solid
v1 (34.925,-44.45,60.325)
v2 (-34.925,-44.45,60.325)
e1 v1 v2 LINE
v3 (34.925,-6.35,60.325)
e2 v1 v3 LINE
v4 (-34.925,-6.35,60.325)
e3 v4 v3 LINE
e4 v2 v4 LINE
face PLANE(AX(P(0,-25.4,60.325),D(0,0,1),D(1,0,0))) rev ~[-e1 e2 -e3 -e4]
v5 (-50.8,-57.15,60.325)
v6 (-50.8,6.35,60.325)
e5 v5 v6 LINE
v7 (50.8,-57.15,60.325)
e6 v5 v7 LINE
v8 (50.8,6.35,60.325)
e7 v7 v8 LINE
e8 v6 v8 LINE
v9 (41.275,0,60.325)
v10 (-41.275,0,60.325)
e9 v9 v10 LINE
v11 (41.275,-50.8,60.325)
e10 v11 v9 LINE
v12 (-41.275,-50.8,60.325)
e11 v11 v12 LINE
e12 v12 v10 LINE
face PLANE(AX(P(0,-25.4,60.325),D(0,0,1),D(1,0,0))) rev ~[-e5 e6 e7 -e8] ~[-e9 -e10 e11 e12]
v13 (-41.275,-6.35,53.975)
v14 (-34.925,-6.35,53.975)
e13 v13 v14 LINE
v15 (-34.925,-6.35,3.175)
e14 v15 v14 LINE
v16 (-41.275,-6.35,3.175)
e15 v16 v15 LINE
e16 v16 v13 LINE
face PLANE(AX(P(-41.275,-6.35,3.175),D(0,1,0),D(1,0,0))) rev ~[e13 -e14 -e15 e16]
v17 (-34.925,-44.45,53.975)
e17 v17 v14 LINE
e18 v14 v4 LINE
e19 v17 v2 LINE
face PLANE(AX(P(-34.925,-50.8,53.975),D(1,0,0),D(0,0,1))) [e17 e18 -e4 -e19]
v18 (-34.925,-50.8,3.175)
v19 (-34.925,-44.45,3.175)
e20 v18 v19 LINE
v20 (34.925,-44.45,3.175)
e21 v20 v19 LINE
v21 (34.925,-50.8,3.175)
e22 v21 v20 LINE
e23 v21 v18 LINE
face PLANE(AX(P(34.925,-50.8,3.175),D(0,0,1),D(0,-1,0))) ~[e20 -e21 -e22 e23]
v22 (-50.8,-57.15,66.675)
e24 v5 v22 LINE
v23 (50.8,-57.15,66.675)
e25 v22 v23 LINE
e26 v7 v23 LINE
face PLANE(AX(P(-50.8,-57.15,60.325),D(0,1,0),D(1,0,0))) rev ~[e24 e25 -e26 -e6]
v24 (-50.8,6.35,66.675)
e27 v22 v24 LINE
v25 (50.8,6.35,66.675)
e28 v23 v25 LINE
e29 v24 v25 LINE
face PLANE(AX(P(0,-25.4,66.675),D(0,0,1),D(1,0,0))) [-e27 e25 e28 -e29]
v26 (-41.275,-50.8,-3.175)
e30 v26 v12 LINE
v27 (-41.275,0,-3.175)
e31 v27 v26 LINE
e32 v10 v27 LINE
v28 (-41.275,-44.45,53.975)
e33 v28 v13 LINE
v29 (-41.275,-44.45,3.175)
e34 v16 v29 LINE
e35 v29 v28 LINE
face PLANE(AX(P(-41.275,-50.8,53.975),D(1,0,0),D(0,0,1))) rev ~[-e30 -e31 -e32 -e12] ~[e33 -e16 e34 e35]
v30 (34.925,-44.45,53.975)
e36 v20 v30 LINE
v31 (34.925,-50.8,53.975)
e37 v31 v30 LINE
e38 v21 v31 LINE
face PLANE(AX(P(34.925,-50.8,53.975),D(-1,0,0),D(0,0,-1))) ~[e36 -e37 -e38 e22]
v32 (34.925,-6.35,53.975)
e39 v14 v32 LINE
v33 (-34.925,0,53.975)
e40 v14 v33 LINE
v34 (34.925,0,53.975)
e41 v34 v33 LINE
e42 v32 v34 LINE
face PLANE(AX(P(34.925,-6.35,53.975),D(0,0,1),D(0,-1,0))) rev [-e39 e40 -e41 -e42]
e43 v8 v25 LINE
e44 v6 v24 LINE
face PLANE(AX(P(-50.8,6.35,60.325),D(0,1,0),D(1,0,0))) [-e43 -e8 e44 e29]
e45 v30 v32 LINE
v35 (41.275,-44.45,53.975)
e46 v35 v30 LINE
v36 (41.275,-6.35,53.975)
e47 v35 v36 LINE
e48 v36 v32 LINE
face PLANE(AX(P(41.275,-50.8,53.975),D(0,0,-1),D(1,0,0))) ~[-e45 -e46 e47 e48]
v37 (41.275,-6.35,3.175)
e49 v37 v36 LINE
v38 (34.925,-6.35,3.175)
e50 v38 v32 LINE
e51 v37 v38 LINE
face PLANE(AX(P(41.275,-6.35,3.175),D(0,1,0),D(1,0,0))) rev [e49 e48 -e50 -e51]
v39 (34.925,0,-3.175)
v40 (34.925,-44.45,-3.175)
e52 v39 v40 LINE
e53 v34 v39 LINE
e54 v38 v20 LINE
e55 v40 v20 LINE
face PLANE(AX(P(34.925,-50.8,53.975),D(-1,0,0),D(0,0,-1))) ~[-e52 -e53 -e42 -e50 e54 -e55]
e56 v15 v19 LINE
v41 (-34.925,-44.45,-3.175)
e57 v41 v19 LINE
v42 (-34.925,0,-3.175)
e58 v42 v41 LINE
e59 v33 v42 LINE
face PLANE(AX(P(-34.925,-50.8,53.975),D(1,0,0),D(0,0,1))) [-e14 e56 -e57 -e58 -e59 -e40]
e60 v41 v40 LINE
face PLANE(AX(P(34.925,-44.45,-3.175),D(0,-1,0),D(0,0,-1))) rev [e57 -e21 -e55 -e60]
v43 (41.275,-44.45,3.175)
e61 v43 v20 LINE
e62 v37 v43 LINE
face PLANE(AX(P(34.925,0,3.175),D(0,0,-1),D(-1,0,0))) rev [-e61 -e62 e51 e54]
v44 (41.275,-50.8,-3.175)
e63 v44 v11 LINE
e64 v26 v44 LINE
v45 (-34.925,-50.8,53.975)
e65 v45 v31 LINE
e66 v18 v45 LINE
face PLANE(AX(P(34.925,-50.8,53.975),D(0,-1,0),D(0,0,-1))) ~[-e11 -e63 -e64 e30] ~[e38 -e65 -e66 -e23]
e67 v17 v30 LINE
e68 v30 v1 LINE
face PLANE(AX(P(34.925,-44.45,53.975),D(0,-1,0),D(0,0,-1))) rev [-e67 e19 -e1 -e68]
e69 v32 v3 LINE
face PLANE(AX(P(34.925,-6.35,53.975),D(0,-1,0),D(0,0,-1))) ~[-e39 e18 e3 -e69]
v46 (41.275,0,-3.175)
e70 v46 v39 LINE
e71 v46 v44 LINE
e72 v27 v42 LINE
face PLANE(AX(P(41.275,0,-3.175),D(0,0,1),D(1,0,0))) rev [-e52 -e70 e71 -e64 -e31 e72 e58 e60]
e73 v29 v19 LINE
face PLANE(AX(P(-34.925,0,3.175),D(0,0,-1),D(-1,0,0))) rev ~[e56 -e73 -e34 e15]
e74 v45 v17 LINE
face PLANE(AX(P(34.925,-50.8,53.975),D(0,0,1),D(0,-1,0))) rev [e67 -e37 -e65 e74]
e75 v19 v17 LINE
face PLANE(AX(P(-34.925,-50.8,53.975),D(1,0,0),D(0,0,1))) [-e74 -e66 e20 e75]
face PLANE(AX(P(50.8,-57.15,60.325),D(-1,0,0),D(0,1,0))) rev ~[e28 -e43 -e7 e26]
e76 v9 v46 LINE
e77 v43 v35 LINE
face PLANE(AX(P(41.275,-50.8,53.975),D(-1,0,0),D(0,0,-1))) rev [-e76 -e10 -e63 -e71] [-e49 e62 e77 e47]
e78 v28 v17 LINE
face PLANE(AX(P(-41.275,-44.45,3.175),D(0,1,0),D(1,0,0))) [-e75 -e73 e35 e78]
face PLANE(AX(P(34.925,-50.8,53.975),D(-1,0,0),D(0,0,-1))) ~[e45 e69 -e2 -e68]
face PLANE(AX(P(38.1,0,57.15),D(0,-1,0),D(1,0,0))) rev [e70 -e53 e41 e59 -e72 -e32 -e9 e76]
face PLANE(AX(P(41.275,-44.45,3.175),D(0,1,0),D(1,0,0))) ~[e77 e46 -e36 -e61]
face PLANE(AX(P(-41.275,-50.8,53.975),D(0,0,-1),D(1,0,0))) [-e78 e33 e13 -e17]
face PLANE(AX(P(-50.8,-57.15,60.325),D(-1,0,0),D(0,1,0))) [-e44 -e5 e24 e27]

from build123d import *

# Parameters (mm, degrees)
F1_DEPTH  = 50.8
F2_W      = 6.35
F2_H      = 6.35
F3_DEPTH  = 50.8
F4_W      = 6.35
F4_H      = 6.35
F5_DEPTH  = 50.8
F6_W      = 6.35
F6_H      = 6.35
F7_DEPTH  = 34.925
F9_W      = 101.6
F9_H      = 63.5
F10_DEPTH = 6.35


with BuildPart() as f1:
    # F0 (on Front) → F1 (new body)
    with BuildSketch(Plane.XZ):
        Polygon((-41.275, -3.175), (-34.925, -3.175), (-34.925, 0), (-34.925, 3.175), (-41.275, 3.175), align=None)
    extrude(amount=F1_DEPTH)

    # F2 (on face) → F3 (join)
    with BuildSketch(Plane.XY.offset(3.175)):
        with Locations((-38.1, -3.175)):
            Rectangle(F2_W, F2_H)
        with Locations((-38.1, -47.625)):
            Rectangle(F2_W, F2_H)
    extrude(amount=F3_DEPTH)

    # F4 (on face) → F5 (join)
    with BuildSketch(Plane.XZ.offset(50.8)):
        with Locations((-38.1, 57.15)):
            Rectangle(F4_W, F4_H)
    extrude(amount=-F5_DEPTH)

    # F6 (on face) → F7 (join)
    with BuildSketch(Plane.YZ.offset(-34.925)):
        with Locations((-47.625, 57.15)):
            Rectangle(F6_W, F6_H)
        with Locations((-3.175, 57.15)):
            Rectangle(F6_W, F6_H)
        with Locations((-47.625, 0)):
            Rectangle(F6_W, F6_H)
    extrude(amount=F7_DEPTH)

    # F8: F1 across plane


with BuildPart() as f1_1:
    add(f1.part)
    add(f1.part.mirror(Plane.YZ))

    # F9 (on face) → F10 (join)
    with BuildSketch(Plane.XY.offset(60.325)):
        with Locations((0, -25.4)):
            Rectangle(F9_W, F9_H)
    extrude(amount=F10_DEPTH)


solid = f1_1.part
